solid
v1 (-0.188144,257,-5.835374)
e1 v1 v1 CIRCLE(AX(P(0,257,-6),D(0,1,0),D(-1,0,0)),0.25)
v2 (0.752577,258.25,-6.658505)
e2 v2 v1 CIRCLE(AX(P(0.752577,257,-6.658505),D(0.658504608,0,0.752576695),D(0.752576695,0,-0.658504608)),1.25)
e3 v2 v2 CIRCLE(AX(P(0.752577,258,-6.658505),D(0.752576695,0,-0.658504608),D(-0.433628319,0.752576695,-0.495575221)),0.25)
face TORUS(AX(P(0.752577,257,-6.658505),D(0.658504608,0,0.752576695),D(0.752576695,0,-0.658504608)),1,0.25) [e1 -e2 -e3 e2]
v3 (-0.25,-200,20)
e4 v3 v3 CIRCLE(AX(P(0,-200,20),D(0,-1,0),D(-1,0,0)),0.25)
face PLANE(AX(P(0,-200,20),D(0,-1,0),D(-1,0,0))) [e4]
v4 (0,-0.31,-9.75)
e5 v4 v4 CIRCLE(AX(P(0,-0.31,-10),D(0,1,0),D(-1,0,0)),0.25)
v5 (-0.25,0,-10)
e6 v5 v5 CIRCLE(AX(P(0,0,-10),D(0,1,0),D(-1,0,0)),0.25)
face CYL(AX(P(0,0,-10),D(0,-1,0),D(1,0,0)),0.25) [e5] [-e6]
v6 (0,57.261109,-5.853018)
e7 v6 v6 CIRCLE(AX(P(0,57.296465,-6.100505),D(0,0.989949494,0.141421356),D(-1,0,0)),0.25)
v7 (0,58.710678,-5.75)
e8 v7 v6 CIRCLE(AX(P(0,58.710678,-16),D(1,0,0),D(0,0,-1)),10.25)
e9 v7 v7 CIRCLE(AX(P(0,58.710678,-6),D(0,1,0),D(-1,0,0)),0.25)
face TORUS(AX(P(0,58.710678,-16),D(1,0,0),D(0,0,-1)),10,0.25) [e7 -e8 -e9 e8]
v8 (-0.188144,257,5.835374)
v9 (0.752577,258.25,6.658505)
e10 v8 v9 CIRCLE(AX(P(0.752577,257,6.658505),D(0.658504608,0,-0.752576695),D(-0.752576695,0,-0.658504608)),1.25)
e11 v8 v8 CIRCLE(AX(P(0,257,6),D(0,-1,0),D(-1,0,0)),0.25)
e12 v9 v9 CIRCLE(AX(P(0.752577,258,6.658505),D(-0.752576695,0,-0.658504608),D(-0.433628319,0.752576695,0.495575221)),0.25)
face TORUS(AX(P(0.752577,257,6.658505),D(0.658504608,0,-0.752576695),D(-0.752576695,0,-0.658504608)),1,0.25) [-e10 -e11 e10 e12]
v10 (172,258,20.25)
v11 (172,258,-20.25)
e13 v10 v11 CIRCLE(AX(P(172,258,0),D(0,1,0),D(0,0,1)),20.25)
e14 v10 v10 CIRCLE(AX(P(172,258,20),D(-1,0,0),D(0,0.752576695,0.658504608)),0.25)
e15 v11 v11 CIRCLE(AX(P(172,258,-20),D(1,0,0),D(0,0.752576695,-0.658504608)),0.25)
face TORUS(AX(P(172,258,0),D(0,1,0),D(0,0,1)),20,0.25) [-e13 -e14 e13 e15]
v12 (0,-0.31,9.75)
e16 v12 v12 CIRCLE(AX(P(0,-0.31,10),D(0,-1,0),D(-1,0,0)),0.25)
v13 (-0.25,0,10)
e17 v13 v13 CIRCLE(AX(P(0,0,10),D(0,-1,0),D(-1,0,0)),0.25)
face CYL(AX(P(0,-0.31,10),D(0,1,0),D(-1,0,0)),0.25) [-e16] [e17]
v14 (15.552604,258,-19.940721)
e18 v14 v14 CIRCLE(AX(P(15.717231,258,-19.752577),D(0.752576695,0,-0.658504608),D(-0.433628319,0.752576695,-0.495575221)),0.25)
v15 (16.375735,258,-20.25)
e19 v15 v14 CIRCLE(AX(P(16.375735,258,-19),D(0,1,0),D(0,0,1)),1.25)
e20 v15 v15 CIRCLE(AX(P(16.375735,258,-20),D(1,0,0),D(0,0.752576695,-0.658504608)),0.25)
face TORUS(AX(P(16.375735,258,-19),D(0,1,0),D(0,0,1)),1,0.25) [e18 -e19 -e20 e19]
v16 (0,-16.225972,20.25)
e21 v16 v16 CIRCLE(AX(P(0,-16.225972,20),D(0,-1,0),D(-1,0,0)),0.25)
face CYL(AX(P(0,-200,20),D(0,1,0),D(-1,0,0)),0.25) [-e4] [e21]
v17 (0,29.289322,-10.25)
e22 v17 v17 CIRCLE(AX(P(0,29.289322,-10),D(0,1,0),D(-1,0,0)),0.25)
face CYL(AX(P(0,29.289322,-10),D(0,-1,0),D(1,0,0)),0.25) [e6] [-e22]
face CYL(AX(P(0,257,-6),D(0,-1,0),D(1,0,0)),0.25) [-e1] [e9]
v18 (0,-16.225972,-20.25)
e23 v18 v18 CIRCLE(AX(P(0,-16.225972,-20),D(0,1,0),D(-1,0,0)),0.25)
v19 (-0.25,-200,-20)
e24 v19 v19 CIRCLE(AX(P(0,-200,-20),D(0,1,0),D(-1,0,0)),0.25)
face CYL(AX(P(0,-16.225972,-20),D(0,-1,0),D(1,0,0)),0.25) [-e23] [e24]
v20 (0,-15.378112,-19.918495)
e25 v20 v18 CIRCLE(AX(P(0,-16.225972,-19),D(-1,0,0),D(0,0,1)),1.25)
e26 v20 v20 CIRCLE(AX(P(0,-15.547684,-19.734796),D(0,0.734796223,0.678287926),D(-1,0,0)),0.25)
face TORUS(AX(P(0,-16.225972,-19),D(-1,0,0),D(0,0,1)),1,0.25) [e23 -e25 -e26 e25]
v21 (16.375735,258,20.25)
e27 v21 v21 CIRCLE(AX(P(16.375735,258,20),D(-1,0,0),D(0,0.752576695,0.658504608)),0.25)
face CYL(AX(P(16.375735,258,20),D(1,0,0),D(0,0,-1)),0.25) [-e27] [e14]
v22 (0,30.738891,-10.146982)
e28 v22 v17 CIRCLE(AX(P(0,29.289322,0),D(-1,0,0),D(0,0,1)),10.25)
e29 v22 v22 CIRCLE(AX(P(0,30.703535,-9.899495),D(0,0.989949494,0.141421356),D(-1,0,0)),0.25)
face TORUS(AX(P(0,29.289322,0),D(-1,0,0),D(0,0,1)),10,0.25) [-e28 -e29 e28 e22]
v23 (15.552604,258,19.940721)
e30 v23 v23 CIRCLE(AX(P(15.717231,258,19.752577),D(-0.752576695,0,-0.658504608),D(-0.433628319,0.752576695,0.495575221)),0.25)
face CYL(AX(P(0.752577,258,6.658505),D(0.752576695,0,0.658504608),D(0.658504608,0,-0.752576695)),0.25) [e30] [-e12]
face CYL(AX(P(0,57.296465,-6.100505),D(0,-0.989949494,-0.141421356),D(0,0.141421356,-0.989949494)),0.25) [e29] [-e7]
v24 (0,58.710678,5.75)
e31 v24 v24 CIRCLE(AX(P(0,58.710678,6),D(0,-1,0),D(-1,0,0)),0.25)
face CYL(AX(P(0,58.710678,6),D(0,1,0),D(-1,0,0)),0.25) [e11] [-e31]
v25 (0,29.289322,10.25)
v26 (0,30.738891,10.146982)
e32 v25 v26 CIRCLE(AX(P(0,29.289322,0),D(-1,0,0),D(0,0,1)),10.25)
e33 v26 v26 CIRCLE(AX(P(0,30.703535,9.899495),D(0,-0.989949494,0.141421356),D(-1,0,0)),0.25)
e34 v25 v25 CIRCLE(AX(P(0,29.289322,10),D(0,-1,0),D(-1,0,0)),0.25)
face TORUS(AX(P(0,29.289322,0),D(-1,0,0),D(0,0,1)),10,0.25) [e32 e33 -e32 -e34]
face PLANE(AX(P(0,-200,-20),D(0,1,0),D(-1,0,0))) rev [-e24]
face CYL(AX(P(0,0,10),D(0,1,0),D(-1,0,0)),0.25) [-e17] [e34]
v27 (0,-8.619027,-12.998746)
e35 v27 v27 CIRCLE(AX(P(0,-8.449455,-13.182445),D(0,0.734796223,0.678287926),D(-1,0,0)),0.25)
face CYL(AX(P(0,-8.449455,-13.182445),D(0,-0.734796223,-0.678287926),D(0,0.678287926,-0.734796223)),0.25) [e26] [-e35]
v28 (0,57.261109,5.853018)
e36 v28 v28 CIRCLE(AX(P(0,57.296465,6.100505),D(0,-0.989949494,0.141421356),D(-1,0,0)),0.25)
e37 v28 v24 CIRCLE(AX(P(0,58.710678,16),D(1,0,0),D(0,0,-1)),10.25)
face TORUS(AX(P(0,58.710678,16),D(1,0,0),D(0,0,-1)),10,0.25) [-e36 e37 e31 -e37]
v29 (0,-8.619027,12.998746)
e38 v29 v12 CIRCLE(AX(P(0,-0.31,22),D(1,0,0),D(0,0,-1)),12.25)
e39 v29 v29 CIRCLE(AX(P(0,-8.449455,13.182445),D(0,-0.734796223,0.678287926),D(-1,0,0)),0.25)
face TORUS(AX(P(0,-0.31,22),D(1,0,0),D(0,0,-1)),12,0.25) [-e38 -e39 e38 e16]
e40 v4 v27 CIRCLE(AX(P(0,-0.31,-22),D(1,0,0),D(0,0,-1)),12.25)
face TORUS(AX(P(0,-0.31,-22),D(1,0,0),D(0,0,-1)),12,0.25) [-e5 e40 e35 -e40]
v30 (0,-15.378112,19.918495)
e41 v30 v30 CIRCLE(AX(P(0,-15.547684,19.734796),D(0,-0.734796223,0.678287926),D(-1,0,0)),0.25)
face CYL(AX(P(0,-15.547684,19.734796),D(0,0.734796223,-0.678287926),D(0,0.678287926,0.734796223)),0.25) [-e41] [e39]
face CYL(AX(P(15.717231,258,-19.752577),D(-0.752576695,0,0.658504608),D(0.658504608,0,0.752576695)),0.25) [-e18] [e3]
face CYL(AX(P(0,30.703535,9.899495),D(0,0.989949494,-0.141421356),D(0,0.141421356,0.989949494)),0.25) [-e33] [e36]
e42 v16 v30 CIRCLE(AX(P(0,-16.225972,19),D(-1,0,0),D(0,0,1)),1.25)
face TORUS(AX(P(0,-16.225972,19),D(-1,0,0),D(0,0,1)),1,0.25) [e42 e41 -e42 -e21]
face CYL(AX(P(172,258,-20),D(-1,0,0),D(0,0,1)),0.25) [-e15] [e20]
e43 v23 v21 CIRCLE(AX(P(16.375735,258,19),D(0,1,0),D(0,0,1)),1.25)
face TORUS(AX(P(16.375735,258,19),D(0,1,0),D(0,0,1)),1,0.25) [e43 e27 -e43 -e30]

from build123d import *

# Parameters (mm, degrees)
BALAYAGE1_PROFILE_R = 0.25


with BuildPart() as part:
    # Balayage1: sweep along a curve in space
    with BuildLine() as balayage1_path:
        Line((0, -16.22597154, 20), (0, -200, 20))
        ThreePointArc((0, -15.547683614, 19.734796223), (0, -15.861826118, 19.931342102), (0, -16.22597154, 20))
        Line((0, -8.449455116, 13.182445327), (0, -15.547683614, 19.734796223))
        ThreePointArc((0, -0.31, 10), (0, -4.679745068, 10.823894773), (0, -8.449455116, 13.182445327))
        Line((0, 0, 10), (0, -0.31, 10))
        Line((0, 0, 10), (0, 29.289321881, 10))
        ThreePointArc((0, 29.289321881, 10), (0, 29.998212082, 9.974842088), (0, 30.703535444, 9.899494937))
        Line((0, 30.703535444, 9.899494937), (0, 57.296464556, 6.100505063))
        ThreePointArc((0, 58.710678119, 6), (0, 58.001787918, 6.025157912), (0, 57.296464556, 6.100505063))
        Line((0, 257, 6), (0, 58.710678119, 6))
        ThreePointArc((0.752576695, 258, 6.658504608), (0.220424611, 257.707106781, 6.192871534), (0, 257, 6))
        Line((0.752576695, 258, 6.658504608), (15.717230508, 258, 19.752576695))
        ThreePointArc((16.375735116, 258, 20), (16.024008443, 258, 19.936102744), (15.717230508, 258, 19.752576695))
        Line((16.375735116, 258, 20), (172, 258, 20))
        ThreePointArc((172, 258, 20), (192, 258, 0), (172, 258, -20))
        Line((16.375735116, 258, -20), (172, 258, -20))
        ThreePointArc((15.717230508, 258, -19.752576695), (16.024008443, 258, -19.936102744), (16.375735116, 258, -20))
        Line((0.752576695, 258, -6.658504608), (15.717230508, 258, -19.752576695))
        ThreePointArc((0, 257, -6), (0.220424611, 257.707106781, -6.192871534), (0.752576695, 258, -6.658504608))
        Line((0, 257, -6), (0, 58.710678119, -6))
        ThreePointArc((0, 57.296464556, -6.100505063), (0, 58.001787918, -6.025157912), (0, 58.710678119, -6))
        Line((0, 30.703535444, -9.899494937), (0, 57.296464556, -6.100505063))
        ThreePointArc((0, 30.703535444, -9.899494937), (0, 29.998212082, -9.974842088), (0, 29.289321881, -10))
        Line((0, 0, -10), (0, 29.289321881, -10))
        Line((0, 0, -10), (0, -0.31, -10))
        ThreePointArc((0, -8.449455116, -13.182445327), (0, -4.679745068, -10.823894773), (0, -0.31, -10))
        Line((0, -8.449455116, -13.182445327), (0, -15.547683614, -19.734796223))
        ThreePointArc((0, -16.22597154, -20), (0, -15.861826118, -19.931342102), (0, -15.547683614, -19.734796223))
        Line((0, -16.22597154, -20), (0, -200, -20))
    # Balayage1 profile (on start of the path) → Balayage1 (sweep)
    with BuildSketch(Plane(origin=(0, -200, -20), x_dir=(1, 0, 0), z_dir=(0, 1, 0))):
        Circle(BALAYAGE1_PROFILE_R)
    sweep(path=balayage1_path.line)


solid = part.part
